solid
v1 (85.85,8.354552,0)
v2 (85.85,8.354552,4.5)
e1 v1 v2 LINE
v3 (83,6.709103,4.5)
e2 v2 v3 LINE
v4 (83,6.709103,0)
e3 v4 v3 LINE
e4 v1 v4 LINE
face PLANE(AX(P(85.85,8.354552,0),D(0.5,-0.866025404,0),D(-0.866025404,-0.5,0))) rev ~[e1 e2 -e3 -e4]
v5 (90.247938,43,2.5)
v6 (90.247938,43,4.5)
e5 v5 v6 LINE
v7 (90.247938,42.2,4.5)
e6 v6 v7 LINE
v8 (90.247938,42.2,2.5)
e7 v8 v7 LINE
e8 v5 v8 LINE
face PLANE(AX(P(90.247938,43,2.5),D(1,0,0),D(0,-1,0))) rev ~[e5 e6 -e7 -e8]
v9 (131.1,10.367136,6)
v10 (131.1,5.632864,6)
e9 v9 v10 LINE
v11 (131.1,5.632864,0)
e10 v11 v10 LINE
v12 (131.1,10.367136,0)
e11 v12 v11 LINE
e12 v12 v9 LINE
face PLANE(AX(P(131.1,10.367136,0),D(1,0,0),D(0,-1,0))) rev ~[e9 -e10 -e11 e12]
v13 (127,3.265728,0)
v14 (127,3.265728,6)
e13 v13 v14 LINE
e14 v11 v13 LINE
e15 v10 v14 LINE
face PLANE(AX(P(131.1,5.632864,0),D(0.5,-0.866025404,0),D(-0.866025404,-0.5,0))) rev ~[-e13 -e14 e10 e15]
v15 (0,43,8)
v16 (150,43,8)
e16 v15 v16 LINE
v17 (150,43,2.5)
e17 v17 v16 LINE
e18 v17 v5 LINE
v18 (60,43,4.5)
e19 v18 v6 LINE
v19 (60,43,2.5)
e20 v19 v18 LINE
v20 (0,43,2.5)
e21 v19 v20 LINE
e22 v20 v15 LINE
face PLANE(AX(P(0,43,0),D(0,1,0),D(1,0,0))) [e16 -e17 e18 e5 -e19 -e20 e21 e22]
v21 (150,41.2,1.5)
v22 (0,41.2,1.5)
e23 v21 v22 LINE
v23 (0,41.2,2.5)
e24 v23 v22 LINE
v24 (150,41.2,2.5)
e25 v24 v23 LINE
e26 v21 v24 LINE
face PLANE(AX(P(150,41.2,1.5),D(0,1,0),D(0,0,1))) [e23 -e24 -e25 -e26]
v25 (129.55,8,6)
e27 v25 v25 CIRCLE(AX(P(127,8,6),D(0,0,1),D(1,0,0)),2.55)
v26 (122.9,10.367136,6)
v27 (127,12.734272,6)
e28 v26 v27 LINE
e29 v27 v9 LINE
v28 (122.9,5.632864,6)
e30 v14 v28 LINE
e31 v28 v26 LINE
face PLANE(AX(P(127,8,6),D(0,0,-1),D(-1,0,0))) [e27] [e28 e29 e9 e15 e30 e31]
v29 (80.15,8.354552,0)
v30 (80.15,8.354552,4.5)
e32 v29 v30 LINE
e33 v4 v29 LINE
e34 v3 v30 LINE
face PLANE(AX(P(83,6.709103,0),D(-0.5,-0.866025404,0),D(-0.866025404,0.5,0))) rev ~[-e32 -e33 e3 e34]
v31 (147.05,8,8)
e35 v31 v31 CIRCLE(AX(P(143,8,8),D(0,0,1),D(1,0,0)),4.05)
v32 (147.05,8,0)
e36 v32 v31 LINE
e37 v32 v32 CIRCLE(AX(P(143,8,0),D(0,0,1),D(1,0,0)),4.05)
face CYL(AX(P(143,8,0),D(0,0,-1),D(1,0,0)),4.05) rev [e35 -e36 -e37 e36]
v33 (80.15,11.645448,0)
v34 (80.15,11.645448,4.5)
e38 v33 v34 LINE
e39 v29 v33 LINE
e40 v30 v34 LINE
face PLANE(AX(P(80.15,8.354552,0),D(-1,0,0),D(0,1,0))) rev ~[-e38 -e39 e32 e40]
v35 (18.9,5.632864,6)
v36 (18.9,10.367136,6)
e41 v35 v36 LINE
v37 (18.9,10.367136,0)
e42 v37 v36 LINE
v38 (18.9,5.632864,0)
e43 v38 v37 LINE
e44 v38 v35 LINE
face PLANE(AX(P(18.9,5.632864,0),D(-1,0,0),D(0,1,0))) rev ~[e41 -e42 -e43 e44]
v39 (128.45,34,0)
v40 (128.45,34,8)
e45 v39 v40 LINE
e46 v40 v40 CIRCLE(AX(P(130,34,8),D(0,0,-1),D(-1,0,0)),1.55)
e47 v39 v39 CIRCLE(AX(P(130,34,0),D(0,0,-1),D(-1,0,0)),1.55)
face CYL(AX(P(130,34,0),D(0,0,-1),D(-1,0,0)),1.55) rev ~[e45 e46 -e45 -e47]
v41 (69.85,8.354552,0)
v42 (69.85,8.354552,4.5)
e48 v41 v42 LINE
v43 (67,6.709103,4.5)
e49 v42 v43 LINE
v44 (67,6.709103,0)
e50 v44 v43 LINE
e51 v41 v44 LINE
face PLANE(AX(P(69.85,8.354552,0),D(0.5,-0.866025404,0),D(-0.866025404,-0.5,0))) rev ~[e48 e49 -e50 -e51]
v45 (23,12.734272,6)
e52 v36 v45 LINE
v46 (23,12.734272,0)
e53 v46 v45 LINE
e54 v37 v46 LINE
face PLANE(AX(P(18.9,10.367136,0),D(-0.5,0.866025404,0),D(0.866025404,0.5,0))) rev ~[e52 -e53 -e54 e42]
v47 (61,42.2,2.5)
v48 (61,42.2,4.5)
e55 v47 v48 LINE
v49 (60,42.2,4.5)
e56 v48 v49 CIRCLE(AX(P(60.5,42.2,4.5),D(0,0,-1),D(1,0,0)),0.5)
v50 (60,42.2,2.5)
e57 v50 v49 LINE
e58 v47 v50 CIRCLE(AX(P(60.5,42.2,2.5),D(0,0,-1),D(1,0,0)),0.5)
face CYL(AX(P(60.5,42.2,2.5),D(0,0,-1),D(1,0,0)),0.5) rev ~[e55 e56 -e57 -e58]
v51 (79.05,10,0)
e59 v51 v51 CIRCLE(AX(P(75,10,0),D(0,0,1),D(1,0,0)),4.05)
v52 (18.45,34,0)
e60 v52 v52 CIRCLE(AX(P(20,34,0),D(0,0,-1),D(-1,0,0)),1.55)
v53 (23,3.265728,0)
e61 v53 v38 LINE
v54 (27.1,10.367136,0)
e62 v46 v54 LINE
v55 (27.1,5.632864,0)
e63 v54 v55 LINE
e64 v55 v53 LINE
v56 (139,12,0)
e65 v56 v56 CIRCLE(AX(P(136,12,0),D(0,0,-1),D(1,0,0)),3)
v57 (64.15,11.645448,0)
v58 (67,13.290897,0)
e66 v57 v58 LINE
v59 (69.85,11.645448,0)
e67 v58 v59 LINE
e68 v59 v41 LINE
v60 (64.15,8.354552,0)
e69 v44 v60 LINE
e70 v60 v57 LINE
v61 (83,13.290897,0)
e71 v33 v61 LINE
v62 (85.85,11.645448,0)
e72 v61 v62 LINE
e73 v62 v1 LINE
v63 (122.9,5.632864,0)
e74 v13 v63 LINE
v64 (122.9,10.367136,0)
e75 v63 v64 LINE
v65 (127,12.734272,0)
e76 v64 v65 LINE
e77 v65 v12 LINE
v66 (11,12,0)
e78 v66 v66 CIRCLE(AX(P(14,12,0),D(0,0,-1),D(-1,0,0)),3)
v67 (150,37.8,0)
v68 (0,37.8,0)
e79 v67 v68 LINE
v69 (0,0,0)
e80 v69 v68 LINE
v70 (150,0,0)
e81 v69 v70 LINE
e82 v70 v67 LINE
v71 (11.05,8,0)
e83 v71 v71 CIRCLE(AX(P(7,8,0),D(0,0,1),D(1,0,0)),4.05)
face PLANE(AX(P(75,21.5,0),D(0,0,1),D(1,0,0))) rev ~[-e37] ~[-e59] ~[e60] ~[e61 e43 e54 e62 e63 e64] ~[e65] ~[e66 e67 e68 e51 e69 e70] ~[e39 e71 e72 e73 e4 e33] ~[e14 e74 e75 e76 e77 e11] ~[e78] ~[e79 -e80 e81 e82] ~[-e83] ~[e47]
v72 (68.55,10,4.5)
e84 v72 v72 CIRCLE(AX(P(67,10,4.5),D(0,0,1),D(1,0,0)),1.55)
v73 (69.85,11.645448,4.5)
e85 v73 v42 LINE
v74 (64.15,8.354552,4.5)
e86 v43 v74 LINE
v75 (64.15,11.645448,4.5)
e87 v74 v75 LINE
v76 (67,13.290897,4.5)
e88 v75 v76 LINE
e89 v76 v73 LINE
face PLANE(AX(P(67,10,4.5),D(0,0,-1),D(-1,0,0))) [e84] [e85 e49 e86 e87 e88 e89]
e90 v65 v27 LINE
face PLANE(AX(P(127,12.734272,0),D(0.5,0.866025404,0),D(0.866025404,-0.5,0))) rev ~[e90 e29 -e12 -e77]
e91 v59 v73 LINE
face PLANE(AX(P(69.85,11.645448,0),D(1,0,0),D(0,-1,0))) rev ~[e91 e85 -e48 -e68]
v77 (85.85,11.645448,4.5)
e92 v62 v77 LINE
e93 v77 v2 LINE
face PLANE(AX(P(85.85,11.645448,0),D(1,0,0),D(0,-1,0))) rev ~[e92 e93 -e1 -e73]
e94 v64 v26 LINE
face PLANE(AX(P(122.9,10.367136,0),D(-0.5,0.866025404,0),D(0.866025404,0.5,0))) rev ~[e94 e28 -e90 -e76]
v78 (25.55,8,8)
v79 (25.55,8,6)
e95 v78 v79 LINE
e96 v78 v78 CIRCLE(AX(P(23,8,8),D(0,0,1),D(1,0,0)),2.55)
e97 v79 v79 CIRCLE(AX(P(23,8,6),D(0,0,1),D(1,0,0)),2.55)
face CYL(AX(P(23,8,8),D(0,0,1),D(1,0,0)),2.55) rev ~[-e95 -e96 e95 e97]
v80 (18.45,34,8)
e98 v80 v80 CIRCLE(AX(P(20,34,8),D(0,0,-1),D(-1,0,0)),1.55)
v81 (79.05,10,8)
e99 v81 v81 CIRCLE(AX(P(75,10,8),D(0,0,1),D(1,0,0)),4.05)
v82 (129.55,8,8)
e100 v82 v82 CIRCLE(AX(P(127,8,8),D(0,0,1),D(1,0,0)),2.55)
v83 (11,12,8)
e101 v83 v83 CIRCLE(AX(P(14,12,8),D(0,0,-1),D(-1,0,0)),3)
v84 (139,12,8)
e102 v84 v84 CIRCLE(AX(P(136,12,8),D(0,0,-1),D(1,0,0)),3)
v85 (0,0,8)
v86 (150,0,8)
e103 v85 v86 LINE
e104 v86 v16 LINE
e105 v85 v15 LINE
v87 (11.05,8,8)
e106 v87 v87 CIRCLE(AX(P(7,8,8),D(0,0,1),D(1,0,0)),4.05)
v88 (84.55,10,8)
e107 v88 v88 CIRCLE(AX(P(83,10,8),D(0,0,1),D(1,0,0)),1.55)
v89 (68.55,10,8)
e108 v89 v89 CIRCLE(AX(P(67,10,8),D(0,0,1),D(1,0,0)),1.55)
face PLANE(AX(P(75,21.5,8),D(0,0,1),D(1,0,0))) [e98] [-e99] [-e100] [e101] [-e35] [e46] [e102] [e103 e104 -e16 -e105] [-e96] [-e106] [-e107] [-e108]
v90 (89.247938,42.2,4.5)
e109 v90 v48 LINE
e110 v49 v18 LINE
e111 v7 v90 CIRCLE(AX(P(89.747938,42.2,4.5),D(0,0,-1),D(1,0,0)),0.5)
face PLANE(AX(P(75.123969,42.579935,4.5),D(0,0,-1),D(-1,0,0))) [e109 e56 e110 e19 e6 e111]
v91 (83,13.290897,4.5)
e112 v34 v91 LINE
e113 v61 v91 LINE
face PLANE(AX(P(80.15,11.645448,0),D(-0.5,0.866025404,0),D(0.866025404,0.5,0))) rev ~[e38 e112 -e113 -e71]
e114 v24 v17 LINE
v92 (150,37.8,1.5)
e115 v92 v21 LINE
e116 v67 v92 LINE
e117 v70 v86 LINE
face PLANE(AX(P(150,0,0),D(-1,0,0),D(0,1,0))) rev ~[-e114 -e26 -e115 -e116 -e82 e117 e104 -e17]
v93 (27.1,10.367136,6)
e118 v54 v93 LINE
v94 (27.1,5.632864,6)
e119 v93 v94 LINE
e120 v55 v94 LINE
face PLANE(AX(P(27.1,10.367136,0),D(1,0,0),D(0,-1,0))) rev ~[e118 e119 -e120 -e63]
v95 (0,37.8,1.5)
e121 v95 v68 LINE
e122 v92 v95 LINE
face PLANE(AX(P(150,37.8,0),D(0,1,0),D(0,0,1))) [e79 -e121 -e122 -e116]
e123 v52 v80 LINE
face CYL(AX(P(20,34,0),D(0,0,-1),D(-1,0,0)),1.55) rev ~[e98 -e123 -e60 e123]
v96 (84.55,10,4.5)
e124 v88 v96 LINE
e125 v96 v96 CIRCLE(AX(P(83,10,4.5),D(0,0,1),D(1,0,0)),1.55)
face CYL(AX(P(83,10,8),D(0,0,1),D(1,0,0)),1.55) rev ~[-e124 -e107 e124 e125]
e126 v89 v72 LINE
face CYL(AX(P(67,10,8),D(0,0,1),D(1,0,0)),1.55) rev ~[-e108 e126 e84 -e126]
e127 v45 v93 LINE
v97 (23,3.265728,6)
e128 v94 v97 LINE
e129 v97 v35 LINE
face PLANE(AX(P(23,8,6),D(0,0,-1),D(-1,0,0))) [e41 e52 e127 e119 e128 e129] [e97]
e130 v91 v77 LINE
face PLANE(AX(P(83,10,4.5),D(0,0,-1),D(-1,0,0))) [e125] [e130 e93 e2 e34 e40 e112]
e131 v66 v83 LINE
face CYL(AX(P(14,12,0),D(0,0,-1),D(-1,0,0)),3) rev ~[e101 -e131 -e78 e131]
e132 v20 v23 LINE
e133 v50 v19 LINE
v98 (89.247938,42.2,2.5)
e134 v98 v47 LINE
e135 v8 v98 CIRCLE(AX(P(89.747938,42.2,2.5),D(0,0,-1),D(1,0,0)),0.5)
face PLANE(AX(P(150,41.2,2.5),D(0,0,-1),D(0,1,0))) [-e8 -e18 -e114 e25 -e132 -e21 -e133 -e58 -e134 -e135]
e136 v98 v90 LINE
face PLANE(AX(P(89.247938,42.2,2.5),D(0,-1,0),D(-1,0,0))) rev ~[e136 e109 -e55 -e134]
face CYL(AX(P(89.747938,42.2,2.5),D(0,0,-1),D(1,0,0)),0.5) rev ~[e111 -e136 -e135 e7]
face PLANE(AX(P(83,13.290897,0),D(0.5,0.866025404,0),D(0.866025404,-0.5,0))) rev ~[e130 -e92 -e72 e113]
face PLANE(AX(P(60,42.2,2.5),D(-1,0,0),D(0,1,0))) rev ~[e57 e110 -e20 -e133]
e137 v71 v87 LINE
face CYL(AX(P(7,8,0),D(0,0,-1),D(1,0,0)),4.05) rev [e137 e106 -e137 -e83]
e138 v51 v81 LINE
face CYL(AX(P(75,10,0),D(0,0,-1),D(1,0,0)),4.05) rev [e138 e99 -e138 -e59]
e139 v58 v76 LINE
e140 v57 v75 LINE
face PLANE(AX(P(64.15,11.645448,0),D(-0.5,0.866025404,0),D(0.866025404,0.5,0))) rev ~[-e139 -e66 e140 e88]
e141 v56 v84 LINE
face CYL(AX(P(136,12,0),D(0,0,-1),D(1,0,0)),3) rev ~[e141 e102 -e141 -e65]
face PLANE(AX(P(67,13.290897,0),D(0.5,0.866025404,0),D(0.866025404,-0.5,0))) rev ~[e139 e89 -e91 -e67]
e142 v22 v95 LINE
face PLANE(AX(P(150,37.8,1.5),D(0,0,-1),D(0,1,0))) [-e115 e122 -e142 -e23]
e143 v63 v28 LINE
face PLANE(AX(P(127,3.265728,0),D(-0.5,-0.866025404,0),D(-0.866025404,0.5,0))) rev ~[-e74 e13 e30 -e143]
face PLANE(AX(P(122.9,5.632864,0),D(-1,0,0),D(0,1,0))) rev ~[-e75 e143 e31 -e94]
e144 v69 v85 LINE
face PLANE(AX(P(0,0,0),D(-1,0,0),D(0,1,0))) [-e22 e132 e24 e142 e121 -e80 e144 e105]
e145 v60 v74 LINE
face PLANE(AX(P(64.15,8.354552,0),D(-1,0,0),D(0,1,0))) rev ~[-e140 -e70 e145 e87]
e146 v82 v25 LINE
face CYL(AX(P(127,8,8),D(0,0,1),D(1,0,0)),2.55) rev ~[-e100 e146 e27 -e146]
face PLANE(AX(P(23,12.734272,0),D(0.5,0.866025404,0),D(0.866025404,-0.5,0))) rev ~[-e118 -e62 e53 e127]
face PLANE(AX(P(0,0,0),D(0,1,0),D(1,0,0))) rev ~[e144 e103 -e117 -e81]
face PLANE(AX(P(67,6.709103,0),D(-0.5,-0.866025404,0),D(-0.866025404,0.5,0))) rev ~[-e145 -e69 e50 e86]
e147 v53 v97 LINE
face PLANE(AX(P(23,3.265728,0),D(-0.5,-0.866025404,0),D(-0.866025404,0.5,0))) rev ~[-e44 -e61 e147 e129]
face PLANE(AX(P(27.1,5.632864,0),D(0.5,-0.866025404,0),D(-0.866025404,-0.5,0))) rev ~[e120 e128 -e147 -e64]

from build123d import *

# Parameters (mm, degrees)
SKETCH_2_W           = 150
SKETCH_2_H           = 43
SKETCH_2_R           = 4.05
EXTRUDE_1_DEPTH      = 8
SKETCH_3_R           = 2.55
CUT_EXTRUDE_1_DEPTH  = 157.246599963
CUT_EXTRUDE_2_DEPTH  = 157.246599963
SKETCH_5_R           = 1.55
CUT_EXTRUDE_3_DEPTH  = 157.246599963
CUT_EXTRUDE_15_DEPTH = 4.5
SKETCH_11_R          = 1.55
CUT_EXTRUDE_7_DEPTH  = 157.246599963
CUT_EXTRUDE_11_DEPTH = 2
SKETCH_21_R          = 3
CUT_EXTRUDE_13_DEPTH = 157.246599963
CUT_EXTRUDE_14_DEPTH = 6


with BuildPart() as part:
    # 草图2 → 凸台-拉伸1 (new body)
    with BuildSketch(Plane.XY):
        with Locations((75, 21.5)):
            Rectangle(SKETCH_2_W, SKETCH_2_H)
        with Locations((7, 8)):
            Circle(SKETCH_2_R, mode=Mode.SUBTRACT)
        with Locations((75, 10)):
            Circle(SKETCH_2_R, mode=Mode.SUBTRACT)
        with Locations((143, 8)):
            Circle(SKETCH_2_R, mode=Mode.SUBTRACT)
    extrude(amount=EXTRUDE_1_DEPTH)

    # 草图3 → 切除-拉伸1 (cut, through all)
    with BuildSketch(Plane.XY.offset(8)):
        with Locations((23, 8)):
            Circle(SKETCH_3_R)
        with Locations((127, 8)):
            Circle(SKETCH_3_R)
    extrude(amount=-CUT_EXTRUDE_1_DEPTH, mode=Mode.SUBTRACT)

    # 草图4 → 切除-拉伸2 (cut, through all)
    with BuildSketch(Plane(origin=(150, 0, 0), x_dir=(0, 0, -1), z_dir=(1, 0, 0))):
        Polygon((-1.5, 41.2), (-2.5, 41.2), (-2.5, 43), (0, 43), (0, 37.8), (-1.5, 37.8), align=None)
    extrude(amount=-CUT_EXTRUDE_2_DEPTH, mode=Mode.SUBTRACT)

    # 草图5 → 切除-拉伸3 (cut, through all)
    with BuildSketch(Plane.XY.offset(8)):
        with Locations((83, 10)):
            Circle(SKETCH_5_R)
        with Locations((67, 10)):
            Circle(SKETCH_5_R)
    extrude(amount=-CUT_EXTRUDE_3_DEPTH, mode=Mode.SUBTRACT)

    # 草图8 → 切除-拉伸15 (cut)
    with BuildSketch(Plane(origin=(0, 0, 0), x_dir=(-1, 0, 0), z_dir=(0, 0, -1))):
        Polygon((-83, 6.709103466), (-80.15, 8.354551733), (-80.15, 11.645448267), (-83, 13.290896534), (-85.85, 11.645448267), (-85.85, 8.354551733), align=None)
        Polygon((-69.85, 11.645448267), (-69.85, 8.354551733), (-67, 6.709103466), (-64.15, 8.354551733), (-64.15, 11.645448267), (-67, 13.290896534), align=None)
    extrude(amount=-CUT_EXTRUDE_15_DEPTH, mode=Mode.SUBTRACT)

    # 草图11 → 切除-拉伸7 (cut, through all)
    with BuildSketch(Plane(origin=(0, 0, 0), x_dir=(-1, 0, 0), z_dir=(0, 0, -1))):
        with Locations((-130, 34)):
            Circle(SKETCH_11_R)
        with Locations((-20, 34)):
            Circle(SKETCH_11_R)
    extrude(amount=-CUT_EXTRUDE_7_DEPTH, mode=Mode.SUBTRACT)

    # 草图19 → 切除-拉伸11 (cut)
    with BuildSketch(Plane(origin=(0, 0, 2.5), x_dir=(-1, 0, 0), z_dir=(0, 0, -1))):
        with BuildLine():
            Line((-60, 43), (-90.247938178, 43))
            Line((-90.247938178, 43), (-90.247938178, 42.2))
            ThreePointArc((-90.247938178, 42.2), (-89.747938178, 41.7), (-89.247938178, 42.2))
            Line((-89.247938178, 42.2), (-61, 42.2))
            ThreePointArc((-61, 42.2), (-60.5, 41.7), (-60, 42.2))
            Line((-60, 42.2), (-60, 43))
        make_face()
    extrude(amount=-CUT_EXTRUDE_11_DEPTH, mode=Mode.SUBTRACT)

    # 草图21 → 切除-拉伸13 (cut, through all)
    with BuildSketch(Plane(origin=(0, 0, 0), x_dir=(-1, 0, 0), z_dir=(0, 0, -1))):
        with Locations((-14, 12)):
            Circle(SKETCH_21_R)
        with Locations(Location((-136, 12, 0), (0, 0, 180))):
            Circle(SKETCH_21_R)
    extrude(amount=-CUT_EXTRUDE_13_DEPTH, mode=Mode.SUBTRACT)

    # 草图22 → 切除-拉伸14 (cut)
    with BuildSketch(Plane(origin=(0, 0, 0), x_dir=(-1, 0, 0), z_dir=(0, 0, -1))):
        Polygon((-122.9, 5.632863896), (-122.9, 10.367136104), (-127, 12.734272207), (-131.1, 10.367136104), (-131.1, 5.632863896), (-127, 3.265727793), align=None)
        Polygon((-23, 3.265727793), (-18.9, 5.632863896), (-18.9, 10.367136104), (-23, 12.734272207), (-27.1, 10.367136104), (-27.1, 5.632863896), align=None)
    extrude(amount=-CUT_EXTRUDE_14_DEPTH, mode=Mode.SUBTRACT)


solid = part.part
